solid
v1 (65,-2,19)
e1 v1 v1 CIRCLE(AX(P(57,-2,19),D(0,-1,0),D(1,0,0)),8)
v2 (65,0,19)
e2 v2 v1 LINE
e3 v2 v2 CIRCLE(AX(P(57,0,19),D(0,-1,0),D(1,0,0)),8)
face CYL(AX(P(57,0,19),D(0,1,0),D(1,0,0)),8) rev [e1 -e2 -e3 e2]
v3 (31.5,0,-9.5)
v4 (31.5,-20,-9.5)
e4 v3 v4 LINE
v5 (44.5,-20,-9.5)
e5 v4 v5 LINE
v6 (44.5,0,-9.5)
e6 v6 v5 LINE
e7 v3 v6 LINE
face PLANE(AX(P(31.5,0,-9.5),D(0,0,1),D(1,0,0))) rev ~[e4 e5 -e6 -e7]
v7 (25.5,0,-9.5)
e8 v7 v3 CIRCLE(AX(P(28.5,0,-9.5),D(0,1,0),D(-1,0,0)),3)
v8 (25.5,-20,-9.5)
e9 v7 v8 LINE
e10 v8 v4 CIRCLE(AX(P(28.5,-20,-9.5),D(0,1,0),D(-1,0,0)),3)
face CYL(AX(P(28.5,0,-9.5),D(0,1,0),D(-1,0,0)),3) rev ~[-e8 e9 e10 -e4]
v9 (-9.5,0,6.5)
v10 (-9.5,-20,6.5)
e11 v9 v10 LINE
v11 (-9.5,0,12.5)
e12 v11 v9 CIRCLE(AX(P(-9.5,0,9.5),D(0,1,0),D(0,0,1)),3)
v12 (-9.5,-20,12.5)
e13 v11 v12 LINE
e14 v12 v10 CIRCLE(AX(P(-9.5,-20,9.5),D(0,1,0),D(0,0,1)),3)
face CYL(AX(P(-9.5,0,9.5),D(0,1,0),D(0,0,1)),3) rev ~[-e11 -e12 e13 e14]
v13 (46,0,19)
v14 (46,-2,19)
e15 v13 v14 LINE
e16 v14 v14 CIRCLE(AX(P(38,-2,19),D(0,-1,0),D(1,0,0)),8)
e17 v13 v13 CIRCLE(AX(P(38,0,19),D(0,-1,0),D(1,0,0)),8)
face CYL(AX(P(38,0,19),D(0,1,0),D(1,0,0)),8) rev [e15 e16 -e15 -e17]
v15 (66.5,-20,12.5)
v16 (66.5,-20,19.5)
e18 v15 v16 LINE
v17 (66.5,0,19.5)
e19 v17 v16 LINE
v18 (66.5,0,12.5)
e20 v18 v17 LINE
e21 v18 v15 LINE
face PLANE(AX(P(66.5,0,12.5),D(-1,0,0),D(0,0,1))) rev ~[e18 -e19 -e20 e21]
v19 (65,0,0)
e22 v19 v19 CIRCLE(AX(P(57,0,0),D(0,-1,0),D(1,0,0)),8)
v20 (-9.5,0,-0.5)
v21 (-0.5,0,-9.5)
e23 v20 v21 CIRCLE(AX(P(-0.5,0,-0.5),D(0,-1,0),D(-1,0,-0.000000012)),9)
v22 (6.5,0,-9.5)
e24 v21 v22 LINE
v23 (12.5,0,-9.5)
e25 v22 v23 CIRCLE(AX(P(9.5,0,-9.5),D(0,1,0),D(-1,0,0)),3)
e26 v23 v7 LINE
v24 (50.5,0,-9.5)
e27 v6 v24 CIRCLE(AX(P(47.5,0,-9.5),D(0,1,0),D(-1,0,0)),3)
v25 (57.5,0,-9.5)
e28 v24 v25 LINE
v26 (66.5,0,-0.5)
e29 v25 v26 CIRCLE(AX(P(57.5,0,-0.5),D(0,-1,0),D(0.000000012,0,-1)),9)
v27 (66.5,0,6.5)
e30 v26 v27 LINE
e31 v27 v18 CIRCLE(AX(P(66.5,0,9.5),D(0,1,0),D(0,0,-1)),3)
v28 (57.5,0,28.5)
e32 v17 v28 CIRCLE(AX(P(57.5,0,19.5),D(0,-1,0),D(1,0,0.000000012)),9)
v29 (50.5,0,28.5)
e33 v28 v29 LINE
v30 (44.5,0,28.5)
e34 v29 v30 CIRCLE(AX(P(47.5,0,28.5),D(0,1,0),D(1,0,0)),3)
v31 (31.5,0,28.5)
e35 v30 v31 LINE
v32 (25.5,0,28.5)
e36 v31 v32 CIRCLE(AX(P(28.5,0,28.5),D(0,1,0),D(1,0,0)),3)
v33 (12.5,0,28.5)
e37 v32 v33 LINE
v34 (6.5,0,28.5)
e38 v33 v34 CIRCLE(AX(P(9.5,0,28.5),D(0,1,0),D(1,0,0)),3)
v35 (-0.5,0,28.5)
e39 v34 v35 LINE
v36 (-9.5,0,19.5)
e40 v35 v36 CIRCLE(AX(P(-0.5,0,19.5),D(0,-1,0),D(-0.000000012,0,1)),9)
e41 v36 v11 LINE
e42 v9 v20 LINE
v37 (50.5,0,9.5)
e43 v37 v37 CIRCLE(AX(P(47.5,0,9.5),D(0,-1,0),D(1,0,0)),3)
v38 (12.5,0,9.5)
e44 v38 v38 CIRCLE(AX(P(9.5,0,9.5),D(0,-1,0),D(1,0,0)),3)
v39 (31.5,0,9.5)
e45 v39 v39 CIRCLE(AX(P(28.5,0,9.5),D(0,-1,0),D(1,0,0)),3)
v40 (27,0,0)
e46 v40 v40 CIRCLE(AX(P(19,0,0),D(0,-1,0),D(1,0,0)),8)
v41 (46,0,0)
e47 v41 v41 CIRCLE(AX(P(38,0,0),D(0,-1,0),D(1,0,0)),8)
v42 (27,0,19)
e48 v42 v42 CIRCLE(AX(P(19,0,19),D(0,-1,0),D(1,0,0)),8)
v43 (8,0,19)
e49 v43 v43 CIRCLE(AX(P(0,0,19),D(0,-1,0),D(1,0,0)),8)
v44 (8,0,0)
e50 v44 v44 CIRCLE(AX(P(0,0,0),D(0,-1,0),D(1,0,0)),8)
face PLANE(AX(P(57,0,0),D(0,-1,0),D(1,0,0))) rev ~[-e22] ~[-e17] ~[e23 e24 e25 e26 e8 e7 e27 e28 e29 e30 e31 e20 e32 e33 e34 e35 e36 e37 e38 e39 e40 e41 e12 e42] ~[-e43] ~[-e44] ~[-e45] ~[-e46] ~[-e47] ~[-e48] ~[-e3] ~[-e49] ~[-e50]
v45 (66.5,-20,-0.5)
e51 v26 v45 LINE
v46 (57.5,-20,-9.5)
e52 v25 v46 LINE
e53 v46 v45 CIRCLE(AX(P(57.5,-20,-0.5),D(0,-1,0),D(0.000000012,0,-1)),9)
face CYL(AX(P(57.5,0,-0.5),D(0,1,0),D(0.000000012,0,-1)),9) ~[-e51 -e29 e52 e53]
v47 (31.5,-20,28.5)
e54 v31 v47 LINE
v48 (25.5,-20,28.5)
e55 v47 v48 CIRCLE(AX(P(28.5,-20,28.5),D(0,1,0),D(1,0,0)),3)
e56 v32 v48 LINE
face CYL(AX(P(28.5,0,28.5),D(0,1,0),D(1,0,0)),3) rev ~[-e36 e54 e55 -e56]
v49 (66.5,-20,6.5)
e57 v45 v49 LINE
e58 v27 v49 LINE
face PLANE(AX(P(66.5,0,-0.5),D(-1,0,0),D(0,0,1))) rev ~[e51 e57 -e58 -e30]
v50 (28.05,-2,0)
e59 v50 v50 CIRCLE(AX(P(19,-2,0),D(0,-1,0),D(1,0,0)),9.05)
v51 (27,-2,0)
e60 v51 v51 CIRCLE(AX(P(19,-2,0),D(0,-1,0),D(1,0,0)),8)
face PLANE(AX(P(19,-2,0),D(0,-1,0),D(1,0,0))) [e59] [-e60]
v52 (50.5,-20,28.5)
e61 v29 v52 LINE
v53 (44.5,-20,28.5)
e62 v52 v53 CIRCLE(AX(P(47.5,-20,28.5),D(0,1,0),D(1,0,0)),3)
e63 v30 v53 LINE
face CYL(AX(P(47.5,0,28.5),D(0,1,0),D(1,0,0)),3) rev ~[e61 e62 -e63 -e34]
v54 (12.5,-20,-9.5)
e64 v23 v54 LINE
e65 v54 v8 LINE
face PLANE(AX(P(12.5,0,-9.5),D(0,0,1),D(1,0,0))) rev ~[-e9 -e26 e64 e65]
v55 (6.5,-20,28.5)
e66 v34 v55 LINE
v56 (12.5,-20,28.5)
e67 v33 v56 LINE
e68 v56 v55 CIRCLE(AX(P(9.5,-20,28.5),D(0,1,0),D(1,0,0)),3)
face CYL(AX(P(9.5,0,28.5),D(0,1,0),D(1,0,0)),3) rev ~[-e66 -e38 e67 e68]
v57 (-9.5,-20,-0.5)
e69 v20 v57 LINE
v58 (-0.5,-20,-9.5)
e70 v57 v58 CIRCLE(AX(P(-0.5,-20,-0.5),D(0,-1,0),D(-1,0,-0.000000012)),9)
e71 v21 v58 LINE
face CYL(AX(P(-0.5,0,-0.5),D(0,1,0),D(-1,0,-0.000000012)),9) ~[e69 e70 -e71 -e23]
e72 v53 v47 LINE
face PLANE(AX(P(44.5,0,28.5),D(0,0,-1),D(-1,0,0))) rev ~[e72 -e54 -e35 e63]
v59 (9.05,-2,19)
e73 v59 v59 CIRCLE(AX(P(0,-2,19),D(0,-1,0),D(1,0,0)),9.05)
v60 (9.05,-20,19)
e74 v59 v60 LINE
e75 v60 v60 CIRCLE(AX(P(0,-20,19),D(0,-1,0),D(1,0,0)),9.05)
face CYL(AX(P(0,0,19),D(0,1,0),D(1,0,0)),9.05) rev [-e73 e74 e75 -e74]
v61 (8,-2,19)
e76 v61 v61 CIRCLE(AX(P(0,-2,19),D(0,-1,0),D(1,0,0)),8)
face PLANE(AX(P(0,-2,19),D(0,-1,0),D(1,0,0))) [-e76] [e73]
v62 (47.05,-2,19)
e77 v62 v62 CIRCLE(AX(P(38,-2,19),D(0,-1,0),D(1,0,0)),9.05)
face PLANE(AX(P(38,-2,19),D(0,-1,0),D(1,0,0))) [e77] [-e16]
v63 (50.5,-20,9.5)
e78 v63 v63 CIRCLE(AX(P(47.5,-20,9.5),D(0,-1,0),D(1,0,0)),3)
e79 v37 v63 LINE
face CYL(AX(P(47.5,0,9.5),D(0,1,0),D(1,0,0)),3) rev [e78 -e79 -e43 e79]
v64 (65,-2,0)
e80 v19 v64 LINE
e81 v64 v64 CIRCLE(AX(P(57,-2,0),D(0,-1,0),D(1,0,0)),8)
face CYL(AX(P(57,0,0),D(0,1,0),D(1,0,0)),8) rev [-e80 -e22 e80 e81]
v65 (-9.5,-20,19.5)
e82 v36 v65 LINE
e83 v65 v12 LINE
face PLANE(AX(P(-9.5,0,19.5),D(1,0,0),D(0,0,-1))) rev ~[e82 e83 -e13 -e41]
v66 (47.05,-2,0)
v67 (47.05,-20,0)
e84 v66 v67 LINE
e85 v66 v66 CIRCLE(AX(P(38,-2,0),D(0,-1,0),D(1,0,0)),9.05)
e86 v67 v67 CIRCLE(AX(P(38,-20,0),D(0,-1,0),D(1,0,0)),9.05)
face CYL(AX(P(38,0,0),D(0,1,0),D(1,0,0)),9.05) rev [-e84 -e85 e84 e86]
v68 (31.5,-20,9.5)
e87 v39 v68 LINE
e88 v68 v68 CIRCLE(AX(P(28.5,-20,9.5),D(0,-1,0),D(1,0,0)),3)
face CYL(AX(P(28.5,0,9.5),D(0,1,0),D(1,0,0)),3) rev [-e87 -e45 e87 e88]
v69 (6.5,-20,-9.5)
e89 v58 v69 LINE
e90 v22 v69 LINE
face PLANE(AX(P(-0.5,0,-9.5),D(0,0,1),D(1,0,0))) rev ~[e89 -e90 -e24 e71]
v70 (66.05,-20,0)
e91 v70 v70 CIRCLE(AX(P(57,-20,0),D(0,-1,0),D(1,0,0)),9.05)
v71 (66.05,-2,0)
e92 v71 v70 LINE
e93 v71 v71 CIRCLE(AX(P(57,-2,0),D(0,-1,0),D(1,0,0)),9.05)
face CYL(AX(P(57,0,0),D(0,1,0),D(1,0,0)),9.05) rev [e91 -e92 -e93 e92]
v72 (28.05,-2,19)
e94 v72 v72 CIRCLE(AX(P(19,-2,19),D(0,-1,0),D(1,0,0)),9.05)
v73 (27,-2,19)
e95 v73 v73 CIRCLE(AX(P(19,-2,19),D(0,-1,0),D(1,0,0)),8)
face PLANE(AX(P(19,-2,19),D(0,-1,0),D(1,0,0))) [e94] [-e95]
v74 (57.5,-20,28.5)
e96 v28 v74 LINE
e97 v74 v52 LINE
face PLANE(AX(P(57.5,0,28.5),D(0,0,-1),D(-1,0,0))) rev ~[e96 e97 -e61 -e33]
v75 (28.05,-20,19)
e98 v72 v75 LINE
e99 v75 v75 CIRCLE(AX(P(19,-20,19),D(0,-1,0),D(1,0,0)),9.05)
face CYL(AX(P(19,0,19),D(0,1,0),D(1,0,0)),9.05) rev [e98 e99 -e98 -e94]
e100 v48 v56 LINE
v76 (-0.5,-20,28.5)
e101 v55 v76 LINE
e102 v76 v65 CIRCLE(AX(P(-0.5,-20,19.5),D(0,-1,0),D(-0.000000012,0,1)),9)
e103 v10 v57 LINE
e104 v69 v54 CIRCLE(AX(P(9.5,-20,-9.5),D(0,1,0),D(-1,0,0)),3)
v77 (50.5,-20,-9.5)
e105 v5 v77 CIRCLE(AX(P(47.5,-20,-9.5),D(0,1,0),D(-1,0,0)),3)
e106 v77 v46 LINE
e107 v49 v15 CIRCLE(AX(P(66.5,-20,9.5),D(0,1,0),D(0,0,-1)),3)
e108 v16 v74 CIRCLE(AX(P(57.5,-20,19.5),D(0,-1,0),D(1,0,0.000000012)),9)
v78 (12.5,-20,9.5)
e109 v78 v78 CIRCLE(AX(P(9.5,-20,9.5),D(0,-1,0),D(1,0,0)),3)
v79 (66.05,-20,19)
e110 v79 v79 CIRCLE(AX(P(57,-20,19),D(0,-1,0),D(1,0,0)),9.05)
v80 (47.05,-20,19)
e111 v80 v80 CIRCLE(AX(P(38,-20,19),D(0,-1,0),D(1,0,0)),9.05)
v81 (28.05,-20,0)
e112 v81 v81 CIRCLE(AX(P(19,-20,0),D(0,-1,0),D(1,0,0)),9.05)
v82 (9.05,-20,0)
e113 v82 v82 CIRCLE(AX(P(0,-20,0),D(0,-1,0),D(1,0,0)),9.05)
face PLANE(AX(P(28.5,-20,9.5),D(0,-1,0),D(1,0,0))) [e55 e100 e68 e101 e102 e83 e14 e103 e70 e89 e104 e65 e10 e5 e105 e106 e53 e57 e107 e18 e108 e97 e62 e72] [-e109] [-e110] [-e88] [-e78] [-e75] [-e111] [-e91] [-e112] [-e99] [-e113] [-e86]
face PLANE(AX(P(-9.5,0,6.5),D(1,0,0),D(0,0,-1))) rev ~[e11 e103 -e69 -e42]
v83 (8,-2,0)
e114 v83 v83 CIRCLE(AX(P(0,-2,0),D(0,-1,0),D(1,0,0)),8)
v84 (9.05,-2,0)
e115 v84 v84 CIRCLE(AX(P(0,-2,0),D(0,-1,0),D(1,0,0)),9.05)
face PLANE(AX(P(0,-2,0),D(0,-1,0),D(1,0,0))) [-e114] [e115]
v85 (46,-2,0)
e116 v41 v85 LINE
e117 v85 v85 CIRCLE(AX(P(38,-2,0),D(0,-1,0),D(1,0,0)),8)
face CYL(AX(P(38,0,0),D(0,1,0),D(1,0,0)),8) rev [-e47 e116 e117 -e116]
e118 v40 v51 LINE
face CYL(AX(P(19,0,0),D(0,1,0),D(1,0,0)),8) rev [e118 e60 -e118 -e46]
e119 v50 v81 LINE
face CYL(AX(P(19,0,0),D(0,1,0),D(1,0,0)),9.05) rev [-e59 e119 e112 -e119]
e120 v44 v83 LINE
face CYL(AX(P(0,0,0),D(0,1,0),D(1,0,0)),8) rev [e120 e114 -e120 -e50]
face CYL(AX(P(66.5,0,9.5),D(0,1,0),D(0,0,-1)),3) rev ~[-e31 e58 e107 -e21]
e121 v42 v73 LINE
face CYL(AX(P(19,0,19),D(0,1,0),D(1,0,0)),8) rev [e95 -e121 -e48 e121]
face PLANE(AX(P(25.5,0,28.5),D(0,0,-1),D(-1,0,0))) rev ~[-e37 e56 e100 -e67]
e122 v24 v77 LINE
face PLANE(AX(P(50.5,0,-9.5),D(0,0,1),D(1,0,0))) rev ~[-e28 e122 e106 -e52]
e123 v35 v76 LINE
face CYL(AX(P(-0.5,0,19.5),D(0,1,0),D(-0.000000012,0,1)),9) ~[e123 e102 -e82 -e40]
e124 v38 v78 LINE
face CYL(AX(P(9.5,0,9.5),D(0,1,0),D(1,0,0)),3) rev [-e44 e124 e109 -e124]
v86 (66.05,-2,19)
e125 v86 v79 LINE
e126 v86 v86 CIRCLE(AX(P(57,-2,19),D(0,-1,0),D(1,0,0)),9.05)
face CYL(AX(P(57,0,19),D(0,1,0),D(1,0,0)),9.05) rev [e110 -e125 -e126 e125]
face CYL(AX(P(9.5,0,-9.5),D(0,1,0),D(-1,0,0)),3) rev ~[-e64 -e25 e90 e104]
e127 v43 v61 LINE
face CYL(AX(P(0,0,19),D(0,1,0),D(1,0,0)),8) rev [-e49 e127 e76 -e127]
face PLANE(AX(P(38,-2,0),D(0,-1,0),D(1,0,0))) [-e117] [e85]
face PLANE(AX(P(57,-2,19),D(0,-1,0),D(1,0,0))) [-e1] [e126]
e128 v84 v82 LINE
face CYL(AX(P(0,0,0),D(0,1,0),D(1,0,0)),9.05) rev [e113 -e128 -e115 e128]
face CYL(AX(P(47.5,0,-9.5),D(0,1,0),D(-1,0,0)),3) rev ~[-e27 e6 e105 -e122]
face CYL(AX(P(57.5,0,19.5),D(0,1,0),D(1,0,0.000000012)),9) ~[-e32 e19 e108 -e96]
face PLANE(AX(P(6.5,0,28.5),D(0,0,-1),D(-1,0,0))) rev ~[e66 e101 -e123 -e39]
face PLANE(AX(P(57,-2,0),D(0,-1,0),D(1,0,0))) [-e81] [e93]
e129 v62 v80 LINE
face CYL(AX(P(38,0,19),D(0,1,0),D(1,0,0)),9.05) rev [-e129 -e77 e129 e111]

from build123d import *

# Parameters (mm, degrees)
F0_R     = 9.05
F0_R_2   = 3
F1_DEPTH = 20
F2_R     = 9.05
F2_R_2   = 8
F3_DEPTH = 2


with BuildPart() as f1:
    # F0 (on Front) → F1 (new body)
    with BuildSketch(Plane.XZ):
        with BuildLine():
            Line((6.5, 28.5), (-0.5, 28.5))
            ThreePointArc((-0.5, 28.5), (-6.863961, 25.863961), (-9.5, 19.5))
            Line((-9.5, 19.5), (-9.5, 12.5))
            ThreePointArc((-9.5, 12.5), (-6.5, 9.5), (-9.5, 6.5))
            Line((-9.5, 6.5), (-9.5, -0.5))
            ThreePointArc((-9.5, -0.5), (-6.863961, -6.863961), (-0.5, -9.5))
            Line((-0.5, -9.5), (6.5, -9.5))
            ThreePointArc((6.5, -9.5), (9.5, -6.5), (12.5, -9.5))
            Line((12.5, -9.5), (25.5, -9.5))
            ThreePointArc((25.5, -9.5), (28.5, -6.5), (31.5, -9.5))
            Line((31.5, -9.5), (44.5, -9.5))
            ThreePointArc((44.5, -9.5), (47.5, -6.5), (50.5, -9.5))
            Line((50.5, -9.5), (57.5, -9.5))
            ThreePointArc((57.5, -9.5), (63.863961, -6.863961), (66.5, -0.5))
            Line((66.5, -0.5), (66.5, 6.5))
            ThreePointArc((66.5, 6.5), (63.5, 9.5), (66.5, 12.5))
            Line((66.5, 12.5), (66.5, 19.5))
            ThreePointArc((66.5, 19.5), (63.863961, 25.863961), (57.5, 28.5))
            Line((57.5, 28.5), (50.5, 28.5))
            ThreePointArc((50.5, 28.5), (47.5, 25.5), (44.5, 28.5))
            Line((44.5, 28.5), (31.5, 28.5))
            ThreePointArc((31.5, 28.5), (28.5, 25.5), (25.5, 28.5))
            Line((25.5, 28.5), (12.5, 28.5))
            ThreePointArc((12.5, 28.5), (9.5, 25.5), (6.5, 28.5))
        make_face()
        Circle(F0_R, mode=Mode.SUBTRACT)
        with Locations((19, 0)):
            Circle(F0_R, mode=Mode.SUBTRACT)
        with Locations((38, 0)):
            Circle(F0_R, mode=Mode.SUBTRACT)
        with Locations((57, 0)):
            Circle(F0_R, mode=Mode.SUBTRACT)
        with Locations((9.5, 9.5)):
            Circle(F0_R_2, mode=Mode.SUBTRACT)
        with Locations((0, 19)):
            Circle(F0_R, mode=Mode.SUBTRACT)
        with Locations((19, 19)):
            Circle(F0_R, mode=Mode.SUBTRACT)
        with Locations((28.5, 9.5)):
            Circle(F0_R_2, mode=Mode.SUBTRACT)
        with Locations((47.5, 9.5)):
            Circle(F0_R_2, mode=Mode.SUBTRACT)
        with Locations((38, 19)):
            Circle(F0_R, mode=Mode.SUBTRACT)
        with Locations((57, 19)):
            Circle(F0_R, mode=Mode.SUBTRACT)
    extrude(amount=F1_DEPTH)

    # F2 (on face) → F3 (join)
    with BuildSketch(Plane.XZ):
        with Locations((57, 0)):
            Circle(F2_R)
        with Locations((57, 0)):
            Circle(F2_R_2, mode=Mode.SUBTRACT)
        with Locations((57, 19)):
            Circle(F2_R)
        with Locations((57, 19)):
            Circle(F2_R_2, mode=Mode.SUBTRACT)
        with Locations((38, 0)):
            Circle(F2_R)
        with Locations((38, 0)):
            Circle(F2_R_2, mode=Mode.SUBTRACT)
        with Locations((38, 19)):
            Circle(F2_R)
        with Locations((38, 19)):
            Circle(F2_R_2, mode=Mode.SUBTRACT)
        with Locations((19, 0)):
            Circle(F2_R)
        with Locations((19, 0)):
            Circle(F2_R_2, mode=Mode.SUBTRACT)
        with Locations((19, 19)):
            Circle(F2_R)
        with Locations((19, 19)):
            Circle(F2_R_2, mode=Mode.SUBTRACT)
        Circle(F2_R)
        Circle(F2_R_2, mode=Mode.SUBTRACT)
        with Locations((0, 19)):
            Circle(F2_R)
        with Locations((0, 19)):
            Circle(F2_R_2, mode=Mode.SUBTRACT)
    extrude(amount=F3_DEPTH)


solid = f1.part
